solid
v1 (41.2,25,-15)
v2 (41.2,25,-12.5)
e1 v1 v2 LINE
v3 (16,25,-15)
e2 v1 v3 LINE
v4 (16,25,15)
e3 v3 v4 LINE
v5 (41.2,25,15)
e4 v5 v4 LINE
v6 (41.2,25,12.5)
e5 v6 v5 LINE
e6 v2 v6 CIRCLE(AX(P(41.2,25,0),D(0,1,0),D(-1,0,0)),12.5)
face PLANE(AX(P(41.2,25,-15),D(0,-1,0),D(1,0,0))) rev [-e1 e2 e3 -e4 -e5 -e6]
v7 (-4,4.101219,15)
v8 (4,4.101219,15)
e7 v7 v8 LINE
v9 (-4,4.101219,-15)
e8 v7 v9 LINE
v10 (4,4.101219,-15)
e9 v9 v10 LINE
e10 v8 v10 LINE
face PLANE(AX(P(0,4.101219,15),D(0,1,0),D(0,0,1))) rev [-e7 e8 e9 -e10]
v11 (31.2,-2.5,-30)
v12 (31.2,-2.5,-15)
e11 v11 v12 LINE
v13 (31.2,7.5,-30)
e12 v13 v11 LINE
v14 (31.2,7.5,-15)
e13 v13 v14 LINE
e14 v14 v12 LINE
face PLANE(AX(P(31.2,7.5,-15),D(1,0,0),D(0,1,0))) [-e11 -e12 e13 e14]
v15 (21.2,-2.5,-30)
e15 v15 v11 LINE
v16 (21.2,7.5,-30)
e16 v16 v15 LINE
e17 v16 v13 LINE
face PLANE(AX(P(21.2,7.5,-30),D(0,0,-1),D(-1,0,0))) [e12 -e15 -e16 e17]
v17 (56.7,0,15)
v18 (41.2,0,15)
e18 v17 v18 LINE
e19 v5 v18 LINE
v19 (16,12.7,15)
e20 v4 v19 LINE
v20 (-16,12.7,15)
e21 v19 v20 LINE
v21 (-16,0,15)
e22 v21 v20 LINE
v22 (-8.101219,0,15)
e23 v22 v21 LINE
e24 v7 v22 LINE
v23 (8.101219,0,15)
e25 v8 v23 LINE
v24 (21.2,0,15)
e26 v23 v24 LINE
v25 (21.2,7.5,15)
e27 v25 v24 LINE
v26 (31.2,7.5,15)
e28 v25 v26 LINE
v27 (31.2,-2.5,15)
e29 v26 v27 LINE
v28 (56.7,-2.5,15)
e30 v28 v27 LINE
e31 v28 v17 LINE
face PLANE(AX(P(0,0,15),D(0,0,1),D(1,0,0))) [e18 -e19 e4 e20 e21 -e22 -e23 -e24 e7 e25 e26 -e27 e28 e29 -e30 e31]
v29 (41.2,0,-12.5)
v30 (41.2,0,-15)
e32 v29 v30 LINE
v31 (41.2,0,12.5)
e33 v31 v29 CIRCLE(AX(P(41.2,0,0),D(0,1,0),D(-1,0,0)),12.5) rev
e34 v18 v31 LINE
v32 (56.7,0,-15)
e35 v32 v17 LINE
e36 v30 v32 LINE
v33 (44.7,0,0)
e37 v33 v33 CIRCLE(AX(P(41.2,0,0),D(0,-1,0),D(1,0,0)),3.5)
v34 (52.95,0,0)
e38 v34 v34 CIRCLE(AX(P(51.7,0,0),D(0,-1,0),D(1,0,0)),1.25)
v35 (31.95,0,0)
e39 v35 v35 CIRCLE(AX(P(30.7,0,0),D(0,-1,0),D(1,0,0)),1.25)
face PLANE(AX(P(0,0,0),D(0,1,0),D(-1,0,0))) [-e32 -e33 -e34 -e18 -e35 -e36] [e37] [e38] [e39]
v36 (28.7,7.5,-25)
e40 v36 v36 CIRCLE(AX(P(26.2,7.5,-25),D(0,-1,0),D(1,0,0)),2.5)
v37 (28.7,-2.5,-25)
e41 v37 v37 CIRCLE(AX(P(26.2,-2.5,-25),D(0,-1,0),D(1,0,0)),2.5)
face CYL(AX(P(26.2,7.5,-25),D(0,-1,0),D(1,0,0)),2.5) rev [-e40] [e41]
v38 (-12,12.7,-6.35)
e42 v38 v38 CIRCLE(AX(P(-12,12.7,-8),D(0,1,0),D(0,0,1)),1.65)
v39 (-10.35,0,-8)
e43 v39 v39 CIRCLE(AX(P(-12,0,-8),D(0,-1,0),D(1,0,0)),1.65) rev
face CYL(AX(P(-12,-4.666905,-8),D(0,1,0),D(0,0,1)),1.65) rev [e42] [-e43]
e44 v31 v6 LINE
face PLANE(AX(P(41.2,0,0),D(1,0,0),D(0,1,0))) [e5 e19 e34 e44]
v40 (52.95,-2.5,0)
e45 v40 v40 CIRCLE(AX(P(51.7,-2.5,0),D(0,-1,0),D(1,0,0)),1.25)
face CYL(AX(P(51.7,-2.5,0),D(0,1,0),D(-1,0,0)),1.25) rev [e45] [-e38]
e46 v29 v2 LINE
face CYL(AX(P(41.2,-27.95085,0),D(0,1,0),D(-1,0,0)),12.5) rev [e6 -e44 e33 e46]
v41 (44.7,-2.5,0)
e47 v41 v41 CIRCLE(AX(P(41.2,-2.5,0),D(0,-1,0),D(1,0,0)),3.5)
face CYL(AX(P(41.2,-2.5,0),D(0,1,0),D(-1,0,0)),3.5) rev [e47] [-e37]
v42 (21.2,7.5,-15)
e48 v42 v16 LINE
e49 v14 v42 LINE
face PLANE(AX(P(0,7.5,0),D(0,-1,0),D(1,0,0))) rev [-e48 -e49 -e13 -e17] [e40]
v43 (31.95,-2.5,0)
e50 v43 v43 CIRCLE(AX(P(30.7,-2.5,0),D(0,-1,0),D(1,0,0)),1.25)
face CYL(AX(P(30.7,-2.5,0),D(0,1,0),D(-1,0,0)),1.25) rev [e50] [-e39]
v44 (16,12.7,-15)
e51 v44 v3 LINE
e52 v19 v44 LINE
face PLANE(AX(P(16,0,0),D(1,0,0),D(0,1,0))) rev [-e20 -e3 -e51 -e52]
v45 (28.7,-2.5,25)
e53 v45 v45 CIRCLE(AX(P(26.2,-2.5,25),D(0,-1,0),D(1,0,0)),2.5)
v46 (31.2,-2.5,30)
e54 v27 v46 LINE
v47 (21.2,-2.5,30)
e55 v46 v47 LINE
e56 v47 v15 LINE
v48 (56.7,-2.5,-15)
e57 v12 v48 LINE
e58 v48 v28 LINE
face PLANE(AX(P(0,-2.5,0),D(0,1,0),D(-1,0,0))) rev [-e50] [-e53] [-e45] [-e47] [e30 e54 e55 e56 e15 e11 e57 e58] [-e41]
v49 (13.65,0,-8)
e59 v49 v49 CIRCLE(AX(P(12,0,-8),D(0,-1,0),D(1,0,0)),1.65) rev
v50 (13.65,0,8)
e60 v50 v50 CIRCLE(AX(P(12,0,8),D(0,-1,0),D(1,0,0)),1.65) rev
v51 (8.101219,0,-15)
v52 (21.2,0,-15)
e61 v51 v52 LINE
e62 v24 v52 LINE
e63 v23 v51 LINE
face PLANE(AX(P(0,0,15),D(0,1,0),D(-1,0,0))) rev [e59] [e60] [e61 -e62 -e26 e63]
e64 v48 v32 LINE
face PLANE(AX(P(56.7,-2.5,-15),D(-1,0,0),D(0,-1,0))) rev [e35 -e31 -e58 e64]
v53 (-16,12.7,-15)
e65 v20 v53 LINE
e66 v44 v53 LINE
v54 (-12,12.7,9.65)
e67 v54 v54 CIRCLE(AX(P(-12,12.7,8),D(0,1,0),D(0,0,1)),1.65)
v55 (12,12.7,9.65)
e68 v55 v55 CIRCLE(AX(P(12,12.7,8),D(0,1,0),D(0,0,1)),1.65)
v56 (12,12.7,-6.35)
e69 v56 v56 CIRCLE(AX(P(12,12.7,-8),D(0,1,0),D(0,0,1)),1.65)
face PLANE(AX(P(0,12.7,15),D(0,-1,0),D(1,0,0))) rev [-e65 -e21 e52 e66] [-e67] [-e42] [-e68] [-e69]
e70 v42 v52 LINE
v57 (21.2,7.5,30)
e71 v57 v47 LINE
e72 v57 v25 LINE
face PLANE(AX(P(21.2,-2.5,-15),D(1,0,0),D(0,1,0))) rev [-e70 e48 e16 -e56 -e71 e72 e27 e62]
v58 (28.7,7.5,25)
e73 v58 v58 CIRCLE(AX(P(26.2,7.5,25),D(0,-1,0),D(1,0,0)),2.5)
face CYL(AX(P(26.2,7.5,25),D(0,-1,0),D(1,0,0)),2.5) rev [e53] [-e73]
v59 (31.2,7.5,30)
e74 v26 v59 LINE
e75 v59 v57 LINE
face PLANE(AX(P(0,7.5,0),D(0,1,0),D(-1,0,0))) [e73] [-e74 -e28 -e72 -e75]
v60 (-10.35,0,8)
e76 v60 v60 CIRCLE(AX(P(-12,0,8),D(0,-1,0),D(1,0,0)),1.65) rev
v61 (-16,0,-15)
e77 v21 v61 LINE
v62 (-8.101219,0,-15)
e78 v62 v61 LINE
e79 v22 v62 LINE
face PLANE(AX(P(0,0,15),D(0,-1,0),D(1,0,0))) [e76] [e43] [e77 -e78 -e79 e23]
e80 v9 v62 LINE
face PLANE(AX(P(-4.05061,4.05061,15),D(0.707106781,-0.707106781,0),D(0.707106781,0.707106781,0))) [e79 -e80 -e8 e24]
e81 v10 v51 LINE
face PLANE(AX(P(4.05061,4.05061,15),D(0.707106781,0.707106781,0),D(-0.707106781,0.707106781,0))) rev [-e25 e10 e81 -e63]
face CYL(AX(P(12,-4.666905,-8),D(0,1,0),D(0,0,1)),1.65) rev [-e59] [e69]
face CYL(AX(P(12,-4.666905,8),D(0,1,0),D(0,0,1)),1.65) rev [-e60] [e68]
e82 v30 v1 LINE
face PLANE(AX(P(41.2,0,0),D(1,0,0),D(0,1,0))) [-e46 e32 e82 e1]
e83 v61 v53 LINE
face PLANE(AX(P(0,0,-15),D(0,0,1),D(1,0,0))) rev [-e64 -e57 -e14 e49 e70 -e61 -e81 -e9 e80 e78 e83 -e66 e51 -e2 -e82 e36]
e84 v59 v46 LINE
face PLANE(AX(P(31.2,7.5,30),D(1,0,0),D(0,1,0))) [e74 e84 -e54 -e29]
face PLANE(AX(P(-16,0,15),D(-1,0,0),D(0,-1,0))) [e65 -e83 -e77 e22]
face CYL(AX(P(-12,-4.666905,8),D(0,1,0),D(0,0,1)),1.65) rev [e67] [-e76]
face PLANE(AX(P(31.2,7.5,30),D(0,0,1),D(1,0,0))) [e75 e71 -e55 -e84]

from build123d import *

# Parameters (mm, degrees)
BOSS_EXTRUDE1_DEPTH  = 15
SKETCH2_R            = 1.65
CUT_EXTRUDE1_DEPTH   = 12.7
SKETCH12_W           = 30
SKETCH12_H           = 25
BOSS_EXTRUDE9_DEPTH  = 25.2
CUT_EXTRUDE2_DEPTH   = 25
SKETCH14_W           = 35.5
SKETCH14_H           = 30
SKETCH14_R           = 3.5
SKETCH14_R_2         = 1.25
BOSS_EXTRUDE10_DEPTH = 2.5
SKETCH15_W           = 10
SKETCH15_H           = 15
SKETCH15_R           = 2.5
BOSS_EXTRUDE11_DEPTH = 10


with BuildPart() as part:
    # Sketch1 → Boss-Extrude1 (new body, symmetric)
    with BuildSketch(Plane.XY):
        Polygon((-4, 4.101219331), (4, 4.101219331), (8.101219331, 0), (16, 0), (16, 12.7), (-16, 12.7), (-16, 0), (-8.101219331, 0), align=None)
    extrude(amount=BOSS_EXTRUDE1_DEPTH, both=True)

    # Sketch2 → Cut-Extrude1 (cut)
    with BuildSketch(Plane(origin=(0, 12.7, 0), x_dir=(1, 0, 0), z_dir=(0, 1, 0))):
        with Locations((12, 8)):
            Circle(SKETCH2_R)
        with Locations((12, -8)):
            Circle(SKETCH2_R)
        with Locations((-12, -8)):
            Circle(SKETCH2_R)
        with Locations((-12, 8)):
            Circle(SKETCH2_R)
    extrude(amount=-CUT_EXTRUDE1_DEPTH, mode=Mode.SUBTRACT)

    # Sketch12 → Boss-Extrude9 (add)
    with BuildSketch(Plane(origin=(16, 0, 0), x_dir=(0, 0, -1), z_dir=(1, 0, 0))):
        with Locations((0, 12.5)):
            Rectangle(SKETCH12_W, SKETCH12_H)
    extrude(amount=BOSS_EXTRUDE9_DEPTH)

    # Sketch13 → Cut-Extrude2 (cut)
    with BuildSketch(Plane(origin=(0, 25, 0), x_dir=(1, 0, 0), z_dir=(0, 1, 0))):
        with BuildLine():
            Line((41.2, 12.5), (41.2, -12.5))
            ThreePointArc((41.2, -12.5), (28.7, 0), (41.2, 12.5))
        make_face()
    extrude(amount=-CUT_EXTRUDE2_DEPTH, mode=Mode.SUBTRACT)

    # Sketch14 → Boss-Extrude10 (add)
    with BuildSketch(Plane.XZ):
        with Locations((38.95, 0)):
            Rectangle(SKETCH14_W, SKETCH14_H)
        with Locations((41.2, 0)):
            Circle(SKETCH14_R, mode=Mode.SUBTRACT)
        with Locations((51.7, 0)):
            Circle(SKETCH14_R_2, mode=Mode.SUBTRACT)
        with Locations((30.7, 0)):
            Circle(SKETCH14_R_2, mode=Mode.SUBTRACT)
    extrude(amount=BOSS_EXTRUDE10_DEPTH)

    # Sketch15 → Boss-Extrude11 (add)
    with BuildSketch(Plane.XZ.offset(2.5)):
        with Locations((26.2, 22.5)):
            Rectangle(SKETCH15_W, SKETCH15_H)
        with Locations((26.2, 25)):
            Circle(SKETCH15_R, mode=Mode.SUBTRACT)
        with Locations((26.2, -22.5)):
            Rectangle(SKETCH15_W, SKETCH15_H)
        with Locations((26.2, -25)):
            Circle(SKETCH15_R, mode=Mode.SUBTRACT)
    extrude(amount=-BOSS_EXTRUDE11_DEPTH)


solid = part.part
